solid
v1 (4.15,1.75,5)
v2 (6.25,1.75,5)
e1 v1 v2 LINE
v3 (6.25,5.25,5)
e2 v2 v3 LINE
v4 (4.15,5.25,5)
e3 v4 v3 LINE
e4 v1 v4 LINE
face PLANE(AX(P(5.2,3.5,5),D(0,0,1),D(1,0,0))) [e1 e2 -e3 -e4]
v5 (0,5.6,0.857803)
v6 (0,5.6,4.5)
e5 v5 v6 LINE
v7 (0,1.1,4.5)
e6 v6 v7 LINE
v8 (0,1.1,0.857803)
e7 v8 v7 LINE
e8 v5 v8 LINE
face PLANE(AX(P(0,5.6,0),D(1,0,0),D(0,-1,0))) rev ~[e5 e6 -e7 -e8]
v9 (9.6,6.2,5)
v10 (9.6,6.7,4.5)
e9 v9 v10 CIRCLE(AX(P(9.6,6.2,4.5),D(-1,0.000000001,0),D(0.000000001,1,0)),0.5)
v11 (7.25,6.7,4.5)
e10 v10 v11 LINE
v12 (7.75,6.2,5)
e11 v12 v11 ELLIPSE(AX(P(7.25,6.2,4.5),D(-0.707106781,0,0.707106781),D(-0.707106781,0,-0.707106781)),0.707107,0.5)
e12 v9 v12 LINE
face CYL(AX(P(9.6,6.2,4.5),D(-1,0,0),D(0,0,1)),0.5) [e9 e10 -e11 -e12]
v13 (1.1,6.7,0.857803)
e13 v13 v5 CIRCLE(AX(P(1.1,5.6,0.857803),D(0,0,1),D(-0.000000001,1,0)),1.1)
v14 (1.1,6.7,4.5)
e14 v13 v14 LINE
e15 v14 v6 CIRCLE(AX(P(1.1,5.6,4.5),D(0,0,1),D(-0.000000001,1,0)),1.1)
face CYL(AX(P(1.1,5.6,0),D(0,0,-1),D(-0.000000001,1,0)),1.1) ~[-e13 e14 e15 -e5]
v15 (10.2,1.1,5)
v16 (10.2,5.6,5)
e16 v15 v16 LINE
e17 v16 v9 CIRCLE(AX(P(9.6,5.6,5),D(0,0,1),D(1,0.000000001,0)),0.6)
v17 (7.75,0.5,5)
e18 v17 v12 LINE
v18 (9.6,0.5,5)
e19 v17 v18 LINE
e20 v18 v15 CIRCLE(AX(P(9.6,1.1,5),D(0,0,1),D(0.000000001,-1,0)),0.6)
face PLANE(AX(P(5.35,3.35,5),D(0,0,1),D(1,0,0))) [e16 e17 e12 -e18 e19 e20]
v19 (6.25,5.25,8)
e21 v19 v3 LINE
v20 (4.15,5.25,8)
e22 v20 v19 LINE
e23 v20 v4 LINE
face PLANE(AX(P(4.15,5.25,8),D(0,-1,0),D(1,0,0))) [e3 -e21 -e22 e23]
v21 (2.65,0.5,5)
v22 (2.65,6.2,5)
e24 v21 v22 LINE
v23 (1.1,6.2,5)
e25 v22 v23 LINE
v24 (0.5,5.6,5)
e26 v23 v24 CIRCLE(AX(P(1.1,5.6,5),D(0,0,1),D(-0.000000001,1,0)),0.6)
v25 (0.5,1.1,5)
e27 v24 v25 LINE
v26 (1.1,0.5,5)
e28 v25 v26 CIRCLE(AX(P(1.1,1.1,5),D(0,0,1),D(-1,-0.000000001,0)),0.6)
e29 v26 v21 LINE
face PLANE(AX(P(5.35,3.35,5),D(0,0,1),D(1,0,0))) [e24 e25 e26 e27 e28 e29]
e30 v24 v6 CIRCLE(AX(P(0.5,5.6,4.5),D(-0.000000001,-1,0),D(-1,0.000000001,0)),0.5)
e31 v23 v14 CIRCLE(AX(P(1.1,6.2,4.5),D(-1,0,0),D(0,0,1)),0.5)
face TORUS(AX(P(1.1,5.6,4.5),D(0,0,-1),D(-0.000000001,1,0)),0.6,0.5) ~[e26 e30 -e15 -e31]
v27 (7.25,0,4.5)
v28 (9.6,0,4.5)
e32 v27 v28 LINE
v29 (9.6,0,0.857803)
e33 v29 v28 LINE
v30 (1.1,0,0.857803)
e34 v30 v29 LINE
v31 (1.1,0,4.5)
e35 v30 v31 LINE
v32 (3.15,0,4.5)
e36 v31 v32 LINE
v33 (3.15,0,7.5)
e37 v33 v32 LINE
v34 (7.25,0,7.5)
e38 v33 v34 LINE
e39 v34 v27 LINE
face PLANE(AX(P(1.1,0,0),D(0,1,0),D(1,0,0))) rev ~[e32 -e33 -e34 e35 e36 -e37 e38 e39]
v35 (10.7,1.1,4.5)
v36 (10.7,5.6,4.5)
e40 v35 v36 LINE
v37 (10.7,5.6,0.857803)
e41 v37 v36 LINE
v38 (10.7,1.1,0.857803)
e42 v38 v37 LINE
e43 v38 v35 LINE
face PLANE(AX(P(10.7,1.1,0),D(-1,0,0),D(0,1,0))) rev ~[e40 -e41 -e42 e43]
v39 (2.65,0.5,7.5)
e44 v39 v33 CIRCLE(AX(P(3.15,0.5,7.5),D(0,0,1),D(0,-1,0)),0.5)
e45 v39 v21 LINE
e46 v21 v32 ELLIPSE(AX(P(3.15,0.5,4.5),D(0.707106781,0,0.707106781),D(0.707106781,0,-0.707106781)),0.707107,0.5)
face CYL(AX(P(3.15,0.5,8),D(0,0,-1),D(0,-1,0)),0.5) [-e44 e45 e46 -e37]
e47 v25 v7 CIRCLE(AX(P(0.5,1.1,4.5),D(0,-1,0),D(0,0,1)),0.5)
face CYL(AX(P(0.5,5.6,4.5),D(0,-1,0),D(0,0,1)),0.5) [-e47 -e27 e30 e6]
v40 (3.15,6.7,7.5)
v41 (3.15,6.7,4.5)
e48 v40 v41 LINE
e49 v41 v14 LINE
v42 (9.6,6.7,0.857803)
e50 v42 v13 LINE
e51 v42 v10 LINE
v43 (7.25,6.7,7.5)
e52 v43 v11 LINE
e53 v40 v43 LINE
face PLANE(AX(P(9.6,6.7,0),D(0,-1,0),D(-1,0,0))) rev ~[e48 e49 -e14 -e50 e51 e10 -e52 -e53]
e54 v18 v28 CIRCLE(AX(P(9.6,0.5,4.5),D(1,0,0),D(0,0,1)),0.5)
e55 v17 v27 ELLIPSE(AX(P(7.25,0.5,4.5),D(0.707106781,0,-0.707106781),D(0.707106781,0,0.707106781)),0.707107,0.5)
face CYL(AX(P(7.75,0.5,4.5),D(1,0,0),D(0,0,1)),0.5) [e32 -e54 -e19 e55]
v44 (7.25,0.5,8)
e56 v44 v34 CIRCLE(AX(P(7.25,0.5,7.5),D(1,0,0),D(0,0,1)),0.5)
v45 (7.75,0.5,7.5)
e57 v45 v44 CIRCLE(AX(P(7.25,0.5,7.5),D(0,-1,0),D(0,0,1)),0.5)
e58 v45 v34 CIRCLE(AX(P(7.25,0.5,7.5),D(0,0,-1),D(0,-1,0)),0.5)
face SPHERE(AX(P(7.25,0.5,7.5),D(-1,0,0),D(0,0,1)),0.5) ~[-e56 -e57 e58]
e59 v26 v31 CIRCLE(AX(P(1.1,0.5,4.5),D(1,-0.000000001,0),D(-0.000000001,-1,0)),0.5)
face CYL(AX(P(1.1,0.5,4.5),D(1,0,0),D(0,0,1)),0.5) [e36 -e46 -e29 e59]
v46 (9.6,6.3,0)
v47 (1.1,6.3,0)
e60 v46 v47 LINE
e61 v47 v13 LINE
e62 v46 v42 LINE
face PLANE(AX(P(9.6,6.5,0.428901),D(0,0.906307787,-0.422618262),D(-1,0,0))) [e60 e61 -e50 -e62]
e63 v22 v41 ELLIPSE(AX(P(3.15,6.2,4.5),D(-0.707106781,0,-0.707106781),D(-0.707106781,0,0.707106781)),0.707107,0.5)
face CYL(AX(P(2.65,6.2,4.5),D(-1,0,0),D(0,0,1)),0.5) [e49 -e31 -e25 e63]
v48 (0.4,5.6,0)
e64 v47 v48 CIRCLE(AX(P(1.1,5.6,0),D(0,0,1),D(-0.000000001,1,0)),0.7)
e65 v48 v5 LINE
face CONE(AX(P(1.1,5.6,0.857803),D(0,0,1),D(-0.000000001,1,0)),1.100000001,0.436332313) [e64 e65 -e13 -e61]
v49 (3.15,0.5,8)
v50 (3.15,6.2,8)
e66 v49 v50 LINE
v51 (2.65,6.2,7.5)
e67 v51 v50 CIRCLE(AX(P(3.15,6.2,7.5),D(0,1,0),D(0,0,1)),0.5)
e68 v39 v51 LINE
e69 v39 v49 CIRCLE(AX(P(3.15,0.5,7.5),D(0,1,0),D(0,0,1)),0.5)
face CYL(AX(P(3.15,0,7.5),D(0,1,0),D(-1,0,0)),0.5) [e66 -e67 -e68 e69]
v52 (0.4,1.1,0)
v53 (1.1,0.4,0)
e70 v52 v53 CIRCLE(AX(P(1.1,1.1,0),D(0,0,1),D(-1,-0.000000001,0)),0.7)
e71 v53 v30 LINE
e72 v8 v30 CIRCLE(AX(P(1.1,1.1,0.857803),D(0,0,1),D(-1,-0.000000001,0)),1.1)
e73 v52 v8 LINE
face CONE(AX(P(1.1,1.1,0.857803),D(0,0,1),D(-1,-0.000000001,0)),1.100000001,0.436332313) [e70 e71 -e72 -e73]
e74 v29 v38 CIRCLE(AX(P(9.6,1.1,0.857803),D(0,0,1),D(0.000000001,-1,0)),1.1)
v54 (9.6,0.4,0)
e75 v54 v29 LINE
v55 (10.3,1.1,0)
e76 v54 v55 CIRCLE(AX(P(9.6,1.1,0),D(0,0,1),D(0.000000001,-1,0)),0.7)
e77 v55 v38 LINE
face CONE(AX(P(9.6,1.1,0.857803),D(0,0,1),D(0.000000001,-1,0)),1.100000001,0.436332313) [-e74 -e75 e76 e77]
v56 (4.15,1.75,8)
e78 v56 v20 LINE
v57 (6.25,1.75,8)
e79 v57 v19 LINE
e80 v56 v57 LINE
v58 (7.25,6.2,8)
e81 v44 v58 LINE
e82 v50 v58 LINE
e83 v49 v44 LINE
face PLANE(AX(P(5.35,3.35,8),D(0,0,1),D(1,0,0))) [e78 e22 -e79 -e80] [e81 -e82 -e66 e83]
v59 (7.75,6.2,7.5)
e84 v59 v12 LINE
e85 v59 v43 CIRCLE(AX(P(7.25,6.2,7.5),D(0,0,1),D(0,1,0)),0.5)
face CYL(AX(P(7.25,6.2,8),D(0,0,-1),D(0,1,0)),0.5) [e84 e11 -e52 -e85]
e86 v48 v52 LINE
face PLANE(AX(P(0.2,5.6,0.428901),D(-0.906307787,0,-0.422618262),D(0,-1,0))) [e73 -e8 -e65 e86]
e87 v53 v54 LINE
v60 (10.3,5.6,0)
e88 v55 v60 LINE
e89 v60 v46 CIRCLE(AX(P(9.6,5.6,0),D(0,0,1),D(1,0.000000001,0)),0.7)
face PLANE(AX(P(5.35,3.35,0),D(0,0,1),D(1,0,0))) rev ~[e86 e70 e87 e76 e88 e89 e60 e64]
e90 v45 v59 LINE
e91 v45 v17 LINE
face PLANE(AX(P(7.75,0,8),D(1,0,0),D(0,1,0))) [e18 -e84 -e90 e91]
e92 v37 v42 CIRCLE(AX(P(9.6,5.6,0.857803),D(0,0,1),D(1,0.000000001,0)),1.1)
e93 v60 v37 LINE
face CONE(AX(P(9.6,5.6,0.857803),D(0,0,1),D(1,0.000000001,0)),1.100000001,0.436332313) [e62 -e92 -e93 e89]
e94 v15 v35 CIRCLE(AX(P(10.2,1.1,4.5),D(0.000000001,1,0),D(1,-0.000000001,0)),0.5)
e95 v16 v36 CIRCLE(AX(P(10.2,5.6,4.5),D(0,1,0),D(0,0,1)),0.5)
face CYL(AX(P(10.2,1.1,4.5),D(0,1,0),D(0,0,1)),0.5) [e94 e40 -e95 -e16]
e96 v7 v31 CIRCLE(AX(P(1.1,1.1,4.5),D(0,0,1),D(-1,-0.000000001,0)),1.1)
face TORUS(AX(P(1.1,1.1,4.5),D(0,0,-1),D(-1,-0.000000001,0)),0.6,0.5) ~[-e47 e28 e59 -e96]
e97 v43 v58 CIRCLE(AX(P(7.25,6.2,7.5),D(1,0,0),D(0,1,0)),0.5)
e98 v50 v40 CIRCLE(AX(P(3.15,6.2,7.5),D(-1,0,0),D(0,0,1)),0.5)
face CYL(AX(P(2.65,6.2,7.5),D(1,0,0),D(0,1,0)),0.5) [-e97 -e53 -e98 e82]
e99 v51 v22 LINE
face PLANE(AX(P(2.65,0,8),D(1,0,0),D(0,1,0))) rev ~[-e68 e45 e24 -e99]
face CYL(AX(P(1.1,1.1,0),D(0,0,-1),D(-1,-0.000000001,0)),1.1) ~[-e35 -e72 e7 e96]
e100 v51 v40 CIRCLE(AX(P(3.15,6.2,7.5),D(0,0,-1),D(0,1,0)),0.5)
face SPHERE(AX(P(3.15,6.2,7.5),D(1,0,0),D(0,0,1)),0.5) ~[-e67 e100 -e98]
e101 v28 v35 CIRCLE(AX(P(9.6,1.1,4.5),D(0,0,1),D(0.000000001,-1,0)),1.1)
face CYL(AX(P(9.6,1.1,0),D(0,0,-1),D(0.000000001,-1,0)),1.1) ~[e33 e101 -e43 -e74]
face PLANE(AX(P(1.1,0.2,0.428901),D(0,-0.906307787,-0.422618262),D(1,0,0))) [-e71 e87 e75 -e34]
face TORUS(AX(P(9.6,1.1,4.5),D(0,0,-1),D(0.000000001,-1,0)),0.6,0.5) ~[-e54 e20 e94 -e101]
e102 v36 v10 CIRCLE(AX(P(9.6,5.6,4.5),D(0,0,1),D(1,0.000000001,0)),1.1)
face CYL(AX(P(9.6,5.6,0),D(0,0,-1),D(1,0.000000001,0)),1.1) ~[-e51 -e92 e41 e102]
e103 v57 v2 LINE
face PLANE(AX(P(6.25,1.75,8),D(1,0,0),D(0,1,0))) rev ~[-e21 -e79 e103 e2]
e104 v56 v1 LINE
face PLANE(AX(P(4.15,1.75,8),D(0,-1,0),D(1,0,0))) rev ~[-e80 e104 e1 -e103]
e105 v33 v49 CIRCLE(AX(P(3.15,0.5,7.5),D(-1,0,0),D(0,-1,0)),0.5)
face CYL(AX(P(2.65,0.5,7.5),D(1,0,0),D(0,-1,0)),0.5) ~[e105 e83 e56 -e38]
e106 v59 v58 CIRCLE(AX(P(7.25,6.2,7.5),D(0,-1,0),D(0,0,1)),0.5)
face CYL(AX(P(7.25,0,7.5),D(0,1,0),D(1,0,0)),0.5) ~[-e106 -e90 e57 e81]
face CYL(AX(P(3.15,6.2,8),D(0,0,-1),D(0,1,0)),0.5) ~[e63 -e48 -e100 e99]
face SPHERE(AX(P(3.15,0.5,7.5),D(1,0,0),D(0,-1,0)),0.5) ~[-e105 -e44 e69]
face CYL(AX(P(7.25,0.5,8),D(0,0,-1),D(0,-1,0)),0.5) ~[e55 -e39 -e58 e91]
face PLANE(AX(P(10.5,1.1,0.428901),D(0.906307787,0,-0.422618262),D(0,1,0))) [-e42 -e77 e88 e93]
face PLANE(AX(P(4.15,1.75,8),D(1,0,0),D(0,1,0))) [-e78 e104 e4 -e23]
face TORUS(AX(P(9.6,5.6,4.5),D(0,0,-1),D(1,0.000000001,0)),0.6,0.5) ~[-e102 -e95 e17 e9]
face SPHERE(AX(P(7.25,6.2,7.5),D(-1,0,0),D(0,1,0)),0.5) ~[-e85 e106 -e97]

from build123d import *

# Parameters (mm, degrees)
BOSS_EXTRU_1_DEPTH      = 8
ESQUISSE3_W             = 2.1
ESQUISSE3_H             = 3.5
ENL_V_MAT_EXTRU_1_DEPTH = 3
ESQUISSE4_OUTSIDE_W     = 15.69
ESQUISSE4_OUTSIDE_H     = 11.69
ESQUISSE4_OUTSIDE_W_2   = 5.1
ESQUISSE4_OUTSIDE_H_2   = 6.7
ENL_V_MAT_EXTRU_2_DEPTH = 3
CONG_1_R                = 0.5
CHANFREIN1_SIZE         = 0.4
CHANFREIN1_SIZE2        = 0.857802768


with BuildPart() as part:
    # Esquisse2 → Boss.-Extru.1 (new body)
    with BuildSketch(Plane.XY):
        with BuildLine():
            Line((1.1, 0), (9.6, 0))
            ThreePointArc((9.6, 0), (10.377817459, 0.322182541), (10.7, 1.1))
            Line((10.7, 1.1), (10.7, 5.6))
            ThreePointArc((10.7, 5.6), (10.377817459, 6.377817459), (9.6, 6.7))
            Line((9.6, 6.7), (1.1, 6.7))
            ThreePointArc((1.1, 6.7), (0.322182541, 6.377817459), (0, 5.6))
            Line((0, 5.6), (0, 1.1))
            ThreePointArc((0, 1.1), (0.322182541, 0.322182541), (1.1, 0))
        make_face()
    extrude(amount=BOSS_EXTRU_1_DEPTH)

    # Esquisse3 → Enlèv. mat.-Extru.1 (cut)
    with BuildSketch(Plane.XY.offset(8)):
        with Locations((5.2, 3.5)):
            Rectangle(ESQUISSE3_W, ESQUISSE3_H)
    extrude(amount=-ENL_V_MAT_EXTRU_1_DEPTH, mode=Mode.SUBTRACT)

    # Esquisse4 outside → Enlèv. mat.-Extru.2 (cut)
    with BuildSketch(Plane.XY.offset(8)):
        with Locations((5.35, 3.35)):
            Rectangle(ESQUISSE4_OUTSIDE_W, ESQUISSE4_OUTSIDE_H)
        with Locations((5.2, 3.35)):
            Rectangle(ESQUISSE4_OUTSIDE_W_2, ESQUISSE4_OUTSIDE_H_2, mode=Mode.SUBTRACT)
    extrude(amount=-ENL_V_MAT_EXTRU_2_DEPTH, mode=Mode.SUBTRACT)

    # Congé1
    cong_1_edges = [part.edges().sort_by_distance(p)[0] for p in [
        (5.2, 6.7, 8),
        (5.2, 0, 8),
        (10.7, 3.35, 5),
        (1.875, 6.7, 5),
        (0.322182541, 6.377817459, 5),
        (0, 3.35, 5),
        (0.322182541, 0.322182541, 5),
        (1.875, 0, 5),
        (8.675, 0, 5),
        (10.377817459, 0.322182541, 5),
        (10.377817459, 6.377817459, 5),
        (8.675, 6.7, 5),
        (7.75, 6.7, 6.5),
        (7.75, 3.35, 8),
        (7.75, 0, 6.5),
        (2.65, 0, 6.5),
        (2.65, 3.35, 8),
        (2.65, 6.7, 6.5),
    ]]
    fillet(cong_1_edges, radius=CONG_1_R)

    # Chanfrein1
    chanfrein1_edges = [part.edges().sort_by_distance(p)[0] for p in [
        (5.35, 6.7, 0),
        (10.377817459, 6.377817459, 0),
        (10.7, 3.35, 0),
        (10.377817459, 0.322182541, 0),
        (5.35, 0, 0),
        (0.322182541, 0.322182541, 0),
        (0, 3.35, 0),
        (0.322182541, 6.377817459, 0),
    ]]
    chanfrein1_side = [part.faces().sort_by_distance(p)[0] for p in [
        (5.35, 3.35, 0),
    ]]
    chamfer(chanfrein1_edges, length=CHANFREIN1_SIZE, length2=CHANFREIN1_SIZE2, reference=chanfrein1_side[0])


solid = part.part
